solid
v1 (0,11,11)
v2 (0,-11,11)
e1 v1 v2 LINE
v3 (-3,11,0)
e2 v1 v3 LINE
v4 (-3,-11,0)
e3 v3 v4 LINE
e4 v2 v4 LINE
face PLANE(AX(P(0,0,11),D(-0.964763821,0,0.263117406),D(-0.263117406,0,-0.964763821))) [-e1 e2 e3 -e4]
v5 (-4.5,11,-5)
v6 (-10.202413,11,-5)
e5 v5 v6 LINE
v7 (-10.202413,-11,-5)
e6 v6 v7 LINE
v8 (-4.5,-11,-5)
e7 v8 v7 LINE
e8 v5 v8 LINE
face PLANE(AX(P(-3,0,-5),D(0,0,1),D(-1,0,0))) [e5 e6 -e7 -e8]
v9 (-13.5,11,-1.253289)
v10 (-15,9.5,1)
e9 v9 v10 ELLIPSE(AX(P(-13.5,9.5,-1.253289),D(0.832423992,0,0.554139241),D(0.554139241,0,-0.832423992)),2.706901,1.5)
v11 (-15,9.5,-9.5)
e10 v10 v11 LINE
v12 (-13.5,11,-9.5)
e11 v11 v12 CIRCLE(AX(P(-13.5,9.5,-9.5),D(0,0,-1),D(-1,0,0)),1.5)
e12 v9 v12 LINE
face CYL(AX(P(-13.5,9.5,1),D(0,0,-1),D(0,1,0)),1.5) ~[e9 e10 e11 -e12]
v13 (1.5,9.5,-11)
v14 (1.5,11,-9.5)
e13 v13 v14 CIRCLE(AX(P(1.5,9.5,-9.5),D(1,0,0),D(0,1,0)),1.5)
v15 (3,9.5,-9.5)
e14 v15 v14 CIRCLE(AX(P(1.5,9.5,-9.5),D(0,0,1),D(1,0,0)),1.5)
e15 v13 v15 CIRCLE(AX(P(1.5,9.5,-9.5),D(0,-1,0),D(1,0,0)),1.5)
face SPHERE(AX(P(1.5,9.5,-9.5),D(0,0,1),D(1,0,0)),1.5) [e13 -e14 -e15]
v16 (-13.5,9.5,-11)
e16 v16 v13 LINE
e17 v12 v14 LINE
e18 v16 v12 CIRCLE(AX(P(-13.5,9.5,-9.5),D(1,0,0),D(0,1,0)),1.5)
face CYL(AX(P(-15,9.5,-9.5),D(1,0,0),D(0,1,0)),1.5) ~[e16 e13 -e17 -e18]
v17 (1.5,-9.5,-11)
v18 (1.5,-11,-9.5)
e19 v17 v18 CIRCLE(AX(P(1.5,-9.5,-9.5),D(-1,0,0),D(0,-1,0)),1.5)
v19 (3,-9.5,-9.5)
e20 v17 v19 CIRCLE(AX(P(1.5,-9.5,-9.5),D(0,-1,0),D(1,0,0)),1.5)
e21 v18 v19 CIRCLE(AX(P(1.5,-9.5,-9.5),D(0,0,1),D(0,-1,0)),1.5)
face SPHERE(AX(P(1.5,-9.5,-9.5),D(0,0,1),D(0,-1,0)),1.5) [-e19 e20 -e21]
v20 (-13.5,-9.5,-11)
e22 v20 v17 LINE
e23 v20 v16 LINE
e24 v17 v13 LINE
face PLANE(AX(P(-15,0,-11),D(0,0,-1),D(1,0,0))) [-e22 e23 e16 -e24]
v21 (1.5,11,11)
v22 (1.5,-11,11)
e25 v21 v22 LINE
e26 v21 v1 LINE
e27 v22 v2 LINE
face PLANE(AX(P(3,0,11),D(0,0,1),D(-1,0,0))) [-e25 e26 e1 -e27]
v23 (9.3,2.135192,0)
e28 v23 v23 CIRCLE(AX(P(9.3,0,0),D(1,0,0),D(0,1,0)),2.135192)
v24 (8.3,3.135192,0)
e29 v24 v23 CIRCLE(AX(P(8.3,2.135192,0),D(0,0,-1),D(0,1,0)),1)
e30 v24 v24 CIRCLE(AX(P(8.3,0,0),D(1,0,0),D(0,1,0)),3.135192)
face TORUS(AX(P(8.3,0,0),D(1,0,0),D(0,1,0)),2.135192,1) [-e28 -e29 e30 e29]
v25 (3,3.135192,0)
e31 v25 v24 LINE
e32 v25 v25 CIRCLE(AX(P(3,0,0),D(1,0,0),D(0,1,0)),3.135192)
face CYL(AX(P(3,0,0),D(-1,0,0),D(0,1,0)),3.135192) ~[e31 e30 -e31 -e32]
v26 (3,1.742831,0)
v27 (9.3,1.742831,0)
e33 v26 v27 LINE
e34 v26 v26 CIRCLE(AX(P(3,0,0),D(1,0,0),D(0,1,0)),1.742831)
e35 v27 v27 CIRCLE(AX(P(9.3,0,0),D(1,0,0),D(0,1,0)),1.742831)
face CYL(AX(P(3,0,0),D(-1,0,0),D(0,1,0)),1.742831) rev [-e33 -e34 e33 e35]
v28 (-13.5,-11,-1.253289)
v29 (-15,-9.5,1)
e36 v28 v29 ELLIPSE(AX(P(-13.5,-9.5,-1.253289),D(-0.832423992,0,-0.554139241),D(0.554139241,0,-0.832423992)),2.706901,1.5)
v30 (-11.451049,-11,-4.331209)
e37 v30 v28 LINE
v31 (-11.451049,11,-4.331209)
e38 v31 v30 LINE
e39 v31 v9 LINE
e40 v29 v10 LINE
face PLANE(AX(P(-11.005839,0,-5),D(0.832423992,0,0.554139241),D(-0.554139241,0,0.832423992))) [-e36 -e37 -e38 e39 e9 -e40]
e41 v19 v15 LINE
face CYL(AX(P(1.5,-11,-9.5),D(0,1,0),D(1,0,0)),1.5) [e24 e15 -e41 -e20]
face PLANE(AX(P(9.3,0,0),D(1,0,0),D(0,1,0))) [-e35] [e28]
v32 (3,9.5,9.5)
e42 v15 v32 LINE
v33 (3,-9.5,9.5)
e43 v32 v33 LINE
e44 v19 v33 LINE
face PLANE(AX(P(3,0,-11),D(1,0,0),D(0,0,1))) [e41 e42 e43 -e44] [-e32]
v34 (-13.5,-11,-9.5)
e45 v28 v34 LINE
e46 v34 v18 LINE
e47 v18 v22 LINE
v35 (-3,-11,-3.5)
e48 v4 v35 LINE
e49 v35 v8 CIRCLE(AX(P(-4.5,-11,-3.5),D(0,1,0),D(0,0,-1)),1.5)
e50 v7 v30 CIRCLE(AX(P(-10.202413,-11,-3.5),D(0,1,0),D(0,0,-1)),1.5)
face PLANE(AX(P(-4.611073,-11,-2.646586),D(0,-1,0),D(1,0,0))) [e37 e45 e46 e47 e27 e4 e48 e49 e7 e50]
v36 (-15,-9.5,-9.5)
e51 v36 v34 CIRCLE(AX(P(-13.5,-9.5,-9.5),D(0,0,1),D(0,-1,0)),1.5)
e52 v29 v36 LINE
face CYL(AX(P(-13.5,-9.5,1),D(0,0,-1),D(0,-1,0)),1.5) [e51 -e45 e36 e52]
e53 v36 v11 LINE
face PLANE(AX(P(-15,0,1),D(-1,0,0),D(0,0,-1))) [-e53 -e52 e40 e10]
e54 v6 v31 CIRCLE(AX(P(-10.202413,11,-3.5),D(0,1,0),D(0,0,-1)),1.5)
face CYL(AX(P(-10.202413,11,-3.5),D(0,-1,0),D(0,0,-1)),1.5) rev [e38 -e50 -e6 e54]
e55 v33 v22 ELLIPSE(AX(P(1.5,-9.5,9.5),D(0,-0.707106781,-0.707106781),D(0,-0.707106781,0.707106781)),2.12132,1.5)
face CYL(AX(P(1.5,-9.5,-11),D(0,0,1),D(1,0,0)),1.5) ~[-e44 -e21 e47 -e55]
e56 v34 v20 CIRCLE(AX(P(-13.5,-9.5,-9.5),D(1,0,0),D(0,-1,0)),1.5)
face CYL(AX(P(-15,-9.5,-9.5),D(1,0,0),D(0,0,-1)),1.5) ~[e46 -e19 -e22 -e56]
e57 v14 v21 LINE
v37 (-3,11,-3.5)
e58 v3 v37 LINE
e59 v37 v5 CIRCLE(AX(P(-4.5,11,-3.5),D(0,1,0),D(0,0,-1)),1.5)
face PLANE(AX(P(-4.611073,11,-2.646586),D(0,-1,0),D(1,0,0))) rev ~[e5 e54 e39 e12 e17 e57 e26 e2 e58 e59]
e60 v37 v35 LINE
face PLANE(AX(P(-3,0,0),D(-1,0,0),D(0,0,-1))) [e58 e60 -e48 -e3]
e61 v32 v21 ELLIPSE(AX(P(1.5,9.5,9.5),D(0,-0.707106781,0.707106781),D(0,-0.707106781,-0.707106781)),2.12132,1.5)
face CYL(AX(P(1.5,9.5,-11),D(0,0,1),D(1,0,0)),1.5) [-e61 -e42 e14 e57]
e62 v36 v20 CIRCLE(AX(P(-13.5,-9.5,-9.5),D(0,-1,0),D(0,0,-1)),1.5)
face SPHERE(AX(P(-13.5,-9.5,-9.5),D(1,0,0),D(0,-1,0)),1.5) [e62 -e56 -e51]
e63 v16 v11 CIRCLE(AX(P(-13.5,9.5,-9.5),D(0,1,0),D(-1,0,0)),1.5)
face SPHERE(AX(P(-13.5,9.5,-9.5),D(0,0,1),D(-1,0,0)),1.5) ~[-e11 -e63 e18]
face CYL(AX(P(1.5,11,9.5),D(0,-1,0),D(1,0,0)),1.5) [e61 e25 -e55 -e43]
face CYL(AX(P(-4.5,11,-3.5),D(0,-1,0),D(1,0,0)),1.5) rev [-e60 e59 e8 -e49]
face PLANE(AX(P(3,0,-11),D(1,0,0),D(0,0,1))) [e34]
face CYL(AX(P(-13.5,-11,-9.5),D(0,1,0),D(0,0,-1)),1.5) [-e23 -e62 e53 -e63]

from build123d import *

# Parameters (mm, degrees)
F1_DEPTH      = 11
F1_DEPTH_BACK = 11
F2_R          = 3.135192
F2_R_2        = 1.742831
F3_DEPTH      = 6.3
F4_R          = 1.5
F5_R          = 1
F3_FACE_R     = 1.742831
F6_DEPTH      = 1.5


with BuildPart() as f1:
    # F0 (on Front) → F1 (new body, two sides)
    with BuildSketch(Plane.XZ) as f1_sk:
        Polygon((-3, -11), (3, -11), (3, -3.201166), (3, 0), (3, 3.152842), (3, 11), (0, 11), (-3, 0), (-3, -5), (-11.005839, -5), (-15, 1), (-15, -5), (-15, -11), align=None)
    extrude(amount=F1_DEPTH)
    extrude(f1_sk.sketch, amount=-F1_DEPTH_BACK)

    # F2 (on face) → F3 (join)
    with BuildSketch(Plane.YZ.offset(3)):
        Circle(F2_R)
        Circle(F2_R_2, mode=Mode.SUBTRACT)
    extrude(amount=F3_DEPTH)

    # F4
    f4_edges = [f1.edges().sort_by_distance(p)[0] for p in [
        (3, -11, 0),
        (-6, -11, -11),
        (-15, -11, -5),
        (3, 0, 11),
        (3, 11, 0),
        (3, 0, -11),
        (-15, 11, -5),
        (-15, 0, -11),
        (-6, 11, -11),
        (-3, 0, -5),
        (-11.005839, 0, -5),
    ]]
    fillet(f4_edges, radius=F4_R)

    # F5
    f5_edges = [f1.edges().sort_by_distance(p)[0] for p in [
        (9.3, -3.135192, 0),
    ]]
    fillet(f5_edges, radius=F5_R)

    # F3_face (on face) → F6 (join)
    with BuildSketch(Plane.YZ.offset(3)):
        Circle(F3_FACE_R)
    extrude(amount=-F6_DEPTH)


solid = f1.part
